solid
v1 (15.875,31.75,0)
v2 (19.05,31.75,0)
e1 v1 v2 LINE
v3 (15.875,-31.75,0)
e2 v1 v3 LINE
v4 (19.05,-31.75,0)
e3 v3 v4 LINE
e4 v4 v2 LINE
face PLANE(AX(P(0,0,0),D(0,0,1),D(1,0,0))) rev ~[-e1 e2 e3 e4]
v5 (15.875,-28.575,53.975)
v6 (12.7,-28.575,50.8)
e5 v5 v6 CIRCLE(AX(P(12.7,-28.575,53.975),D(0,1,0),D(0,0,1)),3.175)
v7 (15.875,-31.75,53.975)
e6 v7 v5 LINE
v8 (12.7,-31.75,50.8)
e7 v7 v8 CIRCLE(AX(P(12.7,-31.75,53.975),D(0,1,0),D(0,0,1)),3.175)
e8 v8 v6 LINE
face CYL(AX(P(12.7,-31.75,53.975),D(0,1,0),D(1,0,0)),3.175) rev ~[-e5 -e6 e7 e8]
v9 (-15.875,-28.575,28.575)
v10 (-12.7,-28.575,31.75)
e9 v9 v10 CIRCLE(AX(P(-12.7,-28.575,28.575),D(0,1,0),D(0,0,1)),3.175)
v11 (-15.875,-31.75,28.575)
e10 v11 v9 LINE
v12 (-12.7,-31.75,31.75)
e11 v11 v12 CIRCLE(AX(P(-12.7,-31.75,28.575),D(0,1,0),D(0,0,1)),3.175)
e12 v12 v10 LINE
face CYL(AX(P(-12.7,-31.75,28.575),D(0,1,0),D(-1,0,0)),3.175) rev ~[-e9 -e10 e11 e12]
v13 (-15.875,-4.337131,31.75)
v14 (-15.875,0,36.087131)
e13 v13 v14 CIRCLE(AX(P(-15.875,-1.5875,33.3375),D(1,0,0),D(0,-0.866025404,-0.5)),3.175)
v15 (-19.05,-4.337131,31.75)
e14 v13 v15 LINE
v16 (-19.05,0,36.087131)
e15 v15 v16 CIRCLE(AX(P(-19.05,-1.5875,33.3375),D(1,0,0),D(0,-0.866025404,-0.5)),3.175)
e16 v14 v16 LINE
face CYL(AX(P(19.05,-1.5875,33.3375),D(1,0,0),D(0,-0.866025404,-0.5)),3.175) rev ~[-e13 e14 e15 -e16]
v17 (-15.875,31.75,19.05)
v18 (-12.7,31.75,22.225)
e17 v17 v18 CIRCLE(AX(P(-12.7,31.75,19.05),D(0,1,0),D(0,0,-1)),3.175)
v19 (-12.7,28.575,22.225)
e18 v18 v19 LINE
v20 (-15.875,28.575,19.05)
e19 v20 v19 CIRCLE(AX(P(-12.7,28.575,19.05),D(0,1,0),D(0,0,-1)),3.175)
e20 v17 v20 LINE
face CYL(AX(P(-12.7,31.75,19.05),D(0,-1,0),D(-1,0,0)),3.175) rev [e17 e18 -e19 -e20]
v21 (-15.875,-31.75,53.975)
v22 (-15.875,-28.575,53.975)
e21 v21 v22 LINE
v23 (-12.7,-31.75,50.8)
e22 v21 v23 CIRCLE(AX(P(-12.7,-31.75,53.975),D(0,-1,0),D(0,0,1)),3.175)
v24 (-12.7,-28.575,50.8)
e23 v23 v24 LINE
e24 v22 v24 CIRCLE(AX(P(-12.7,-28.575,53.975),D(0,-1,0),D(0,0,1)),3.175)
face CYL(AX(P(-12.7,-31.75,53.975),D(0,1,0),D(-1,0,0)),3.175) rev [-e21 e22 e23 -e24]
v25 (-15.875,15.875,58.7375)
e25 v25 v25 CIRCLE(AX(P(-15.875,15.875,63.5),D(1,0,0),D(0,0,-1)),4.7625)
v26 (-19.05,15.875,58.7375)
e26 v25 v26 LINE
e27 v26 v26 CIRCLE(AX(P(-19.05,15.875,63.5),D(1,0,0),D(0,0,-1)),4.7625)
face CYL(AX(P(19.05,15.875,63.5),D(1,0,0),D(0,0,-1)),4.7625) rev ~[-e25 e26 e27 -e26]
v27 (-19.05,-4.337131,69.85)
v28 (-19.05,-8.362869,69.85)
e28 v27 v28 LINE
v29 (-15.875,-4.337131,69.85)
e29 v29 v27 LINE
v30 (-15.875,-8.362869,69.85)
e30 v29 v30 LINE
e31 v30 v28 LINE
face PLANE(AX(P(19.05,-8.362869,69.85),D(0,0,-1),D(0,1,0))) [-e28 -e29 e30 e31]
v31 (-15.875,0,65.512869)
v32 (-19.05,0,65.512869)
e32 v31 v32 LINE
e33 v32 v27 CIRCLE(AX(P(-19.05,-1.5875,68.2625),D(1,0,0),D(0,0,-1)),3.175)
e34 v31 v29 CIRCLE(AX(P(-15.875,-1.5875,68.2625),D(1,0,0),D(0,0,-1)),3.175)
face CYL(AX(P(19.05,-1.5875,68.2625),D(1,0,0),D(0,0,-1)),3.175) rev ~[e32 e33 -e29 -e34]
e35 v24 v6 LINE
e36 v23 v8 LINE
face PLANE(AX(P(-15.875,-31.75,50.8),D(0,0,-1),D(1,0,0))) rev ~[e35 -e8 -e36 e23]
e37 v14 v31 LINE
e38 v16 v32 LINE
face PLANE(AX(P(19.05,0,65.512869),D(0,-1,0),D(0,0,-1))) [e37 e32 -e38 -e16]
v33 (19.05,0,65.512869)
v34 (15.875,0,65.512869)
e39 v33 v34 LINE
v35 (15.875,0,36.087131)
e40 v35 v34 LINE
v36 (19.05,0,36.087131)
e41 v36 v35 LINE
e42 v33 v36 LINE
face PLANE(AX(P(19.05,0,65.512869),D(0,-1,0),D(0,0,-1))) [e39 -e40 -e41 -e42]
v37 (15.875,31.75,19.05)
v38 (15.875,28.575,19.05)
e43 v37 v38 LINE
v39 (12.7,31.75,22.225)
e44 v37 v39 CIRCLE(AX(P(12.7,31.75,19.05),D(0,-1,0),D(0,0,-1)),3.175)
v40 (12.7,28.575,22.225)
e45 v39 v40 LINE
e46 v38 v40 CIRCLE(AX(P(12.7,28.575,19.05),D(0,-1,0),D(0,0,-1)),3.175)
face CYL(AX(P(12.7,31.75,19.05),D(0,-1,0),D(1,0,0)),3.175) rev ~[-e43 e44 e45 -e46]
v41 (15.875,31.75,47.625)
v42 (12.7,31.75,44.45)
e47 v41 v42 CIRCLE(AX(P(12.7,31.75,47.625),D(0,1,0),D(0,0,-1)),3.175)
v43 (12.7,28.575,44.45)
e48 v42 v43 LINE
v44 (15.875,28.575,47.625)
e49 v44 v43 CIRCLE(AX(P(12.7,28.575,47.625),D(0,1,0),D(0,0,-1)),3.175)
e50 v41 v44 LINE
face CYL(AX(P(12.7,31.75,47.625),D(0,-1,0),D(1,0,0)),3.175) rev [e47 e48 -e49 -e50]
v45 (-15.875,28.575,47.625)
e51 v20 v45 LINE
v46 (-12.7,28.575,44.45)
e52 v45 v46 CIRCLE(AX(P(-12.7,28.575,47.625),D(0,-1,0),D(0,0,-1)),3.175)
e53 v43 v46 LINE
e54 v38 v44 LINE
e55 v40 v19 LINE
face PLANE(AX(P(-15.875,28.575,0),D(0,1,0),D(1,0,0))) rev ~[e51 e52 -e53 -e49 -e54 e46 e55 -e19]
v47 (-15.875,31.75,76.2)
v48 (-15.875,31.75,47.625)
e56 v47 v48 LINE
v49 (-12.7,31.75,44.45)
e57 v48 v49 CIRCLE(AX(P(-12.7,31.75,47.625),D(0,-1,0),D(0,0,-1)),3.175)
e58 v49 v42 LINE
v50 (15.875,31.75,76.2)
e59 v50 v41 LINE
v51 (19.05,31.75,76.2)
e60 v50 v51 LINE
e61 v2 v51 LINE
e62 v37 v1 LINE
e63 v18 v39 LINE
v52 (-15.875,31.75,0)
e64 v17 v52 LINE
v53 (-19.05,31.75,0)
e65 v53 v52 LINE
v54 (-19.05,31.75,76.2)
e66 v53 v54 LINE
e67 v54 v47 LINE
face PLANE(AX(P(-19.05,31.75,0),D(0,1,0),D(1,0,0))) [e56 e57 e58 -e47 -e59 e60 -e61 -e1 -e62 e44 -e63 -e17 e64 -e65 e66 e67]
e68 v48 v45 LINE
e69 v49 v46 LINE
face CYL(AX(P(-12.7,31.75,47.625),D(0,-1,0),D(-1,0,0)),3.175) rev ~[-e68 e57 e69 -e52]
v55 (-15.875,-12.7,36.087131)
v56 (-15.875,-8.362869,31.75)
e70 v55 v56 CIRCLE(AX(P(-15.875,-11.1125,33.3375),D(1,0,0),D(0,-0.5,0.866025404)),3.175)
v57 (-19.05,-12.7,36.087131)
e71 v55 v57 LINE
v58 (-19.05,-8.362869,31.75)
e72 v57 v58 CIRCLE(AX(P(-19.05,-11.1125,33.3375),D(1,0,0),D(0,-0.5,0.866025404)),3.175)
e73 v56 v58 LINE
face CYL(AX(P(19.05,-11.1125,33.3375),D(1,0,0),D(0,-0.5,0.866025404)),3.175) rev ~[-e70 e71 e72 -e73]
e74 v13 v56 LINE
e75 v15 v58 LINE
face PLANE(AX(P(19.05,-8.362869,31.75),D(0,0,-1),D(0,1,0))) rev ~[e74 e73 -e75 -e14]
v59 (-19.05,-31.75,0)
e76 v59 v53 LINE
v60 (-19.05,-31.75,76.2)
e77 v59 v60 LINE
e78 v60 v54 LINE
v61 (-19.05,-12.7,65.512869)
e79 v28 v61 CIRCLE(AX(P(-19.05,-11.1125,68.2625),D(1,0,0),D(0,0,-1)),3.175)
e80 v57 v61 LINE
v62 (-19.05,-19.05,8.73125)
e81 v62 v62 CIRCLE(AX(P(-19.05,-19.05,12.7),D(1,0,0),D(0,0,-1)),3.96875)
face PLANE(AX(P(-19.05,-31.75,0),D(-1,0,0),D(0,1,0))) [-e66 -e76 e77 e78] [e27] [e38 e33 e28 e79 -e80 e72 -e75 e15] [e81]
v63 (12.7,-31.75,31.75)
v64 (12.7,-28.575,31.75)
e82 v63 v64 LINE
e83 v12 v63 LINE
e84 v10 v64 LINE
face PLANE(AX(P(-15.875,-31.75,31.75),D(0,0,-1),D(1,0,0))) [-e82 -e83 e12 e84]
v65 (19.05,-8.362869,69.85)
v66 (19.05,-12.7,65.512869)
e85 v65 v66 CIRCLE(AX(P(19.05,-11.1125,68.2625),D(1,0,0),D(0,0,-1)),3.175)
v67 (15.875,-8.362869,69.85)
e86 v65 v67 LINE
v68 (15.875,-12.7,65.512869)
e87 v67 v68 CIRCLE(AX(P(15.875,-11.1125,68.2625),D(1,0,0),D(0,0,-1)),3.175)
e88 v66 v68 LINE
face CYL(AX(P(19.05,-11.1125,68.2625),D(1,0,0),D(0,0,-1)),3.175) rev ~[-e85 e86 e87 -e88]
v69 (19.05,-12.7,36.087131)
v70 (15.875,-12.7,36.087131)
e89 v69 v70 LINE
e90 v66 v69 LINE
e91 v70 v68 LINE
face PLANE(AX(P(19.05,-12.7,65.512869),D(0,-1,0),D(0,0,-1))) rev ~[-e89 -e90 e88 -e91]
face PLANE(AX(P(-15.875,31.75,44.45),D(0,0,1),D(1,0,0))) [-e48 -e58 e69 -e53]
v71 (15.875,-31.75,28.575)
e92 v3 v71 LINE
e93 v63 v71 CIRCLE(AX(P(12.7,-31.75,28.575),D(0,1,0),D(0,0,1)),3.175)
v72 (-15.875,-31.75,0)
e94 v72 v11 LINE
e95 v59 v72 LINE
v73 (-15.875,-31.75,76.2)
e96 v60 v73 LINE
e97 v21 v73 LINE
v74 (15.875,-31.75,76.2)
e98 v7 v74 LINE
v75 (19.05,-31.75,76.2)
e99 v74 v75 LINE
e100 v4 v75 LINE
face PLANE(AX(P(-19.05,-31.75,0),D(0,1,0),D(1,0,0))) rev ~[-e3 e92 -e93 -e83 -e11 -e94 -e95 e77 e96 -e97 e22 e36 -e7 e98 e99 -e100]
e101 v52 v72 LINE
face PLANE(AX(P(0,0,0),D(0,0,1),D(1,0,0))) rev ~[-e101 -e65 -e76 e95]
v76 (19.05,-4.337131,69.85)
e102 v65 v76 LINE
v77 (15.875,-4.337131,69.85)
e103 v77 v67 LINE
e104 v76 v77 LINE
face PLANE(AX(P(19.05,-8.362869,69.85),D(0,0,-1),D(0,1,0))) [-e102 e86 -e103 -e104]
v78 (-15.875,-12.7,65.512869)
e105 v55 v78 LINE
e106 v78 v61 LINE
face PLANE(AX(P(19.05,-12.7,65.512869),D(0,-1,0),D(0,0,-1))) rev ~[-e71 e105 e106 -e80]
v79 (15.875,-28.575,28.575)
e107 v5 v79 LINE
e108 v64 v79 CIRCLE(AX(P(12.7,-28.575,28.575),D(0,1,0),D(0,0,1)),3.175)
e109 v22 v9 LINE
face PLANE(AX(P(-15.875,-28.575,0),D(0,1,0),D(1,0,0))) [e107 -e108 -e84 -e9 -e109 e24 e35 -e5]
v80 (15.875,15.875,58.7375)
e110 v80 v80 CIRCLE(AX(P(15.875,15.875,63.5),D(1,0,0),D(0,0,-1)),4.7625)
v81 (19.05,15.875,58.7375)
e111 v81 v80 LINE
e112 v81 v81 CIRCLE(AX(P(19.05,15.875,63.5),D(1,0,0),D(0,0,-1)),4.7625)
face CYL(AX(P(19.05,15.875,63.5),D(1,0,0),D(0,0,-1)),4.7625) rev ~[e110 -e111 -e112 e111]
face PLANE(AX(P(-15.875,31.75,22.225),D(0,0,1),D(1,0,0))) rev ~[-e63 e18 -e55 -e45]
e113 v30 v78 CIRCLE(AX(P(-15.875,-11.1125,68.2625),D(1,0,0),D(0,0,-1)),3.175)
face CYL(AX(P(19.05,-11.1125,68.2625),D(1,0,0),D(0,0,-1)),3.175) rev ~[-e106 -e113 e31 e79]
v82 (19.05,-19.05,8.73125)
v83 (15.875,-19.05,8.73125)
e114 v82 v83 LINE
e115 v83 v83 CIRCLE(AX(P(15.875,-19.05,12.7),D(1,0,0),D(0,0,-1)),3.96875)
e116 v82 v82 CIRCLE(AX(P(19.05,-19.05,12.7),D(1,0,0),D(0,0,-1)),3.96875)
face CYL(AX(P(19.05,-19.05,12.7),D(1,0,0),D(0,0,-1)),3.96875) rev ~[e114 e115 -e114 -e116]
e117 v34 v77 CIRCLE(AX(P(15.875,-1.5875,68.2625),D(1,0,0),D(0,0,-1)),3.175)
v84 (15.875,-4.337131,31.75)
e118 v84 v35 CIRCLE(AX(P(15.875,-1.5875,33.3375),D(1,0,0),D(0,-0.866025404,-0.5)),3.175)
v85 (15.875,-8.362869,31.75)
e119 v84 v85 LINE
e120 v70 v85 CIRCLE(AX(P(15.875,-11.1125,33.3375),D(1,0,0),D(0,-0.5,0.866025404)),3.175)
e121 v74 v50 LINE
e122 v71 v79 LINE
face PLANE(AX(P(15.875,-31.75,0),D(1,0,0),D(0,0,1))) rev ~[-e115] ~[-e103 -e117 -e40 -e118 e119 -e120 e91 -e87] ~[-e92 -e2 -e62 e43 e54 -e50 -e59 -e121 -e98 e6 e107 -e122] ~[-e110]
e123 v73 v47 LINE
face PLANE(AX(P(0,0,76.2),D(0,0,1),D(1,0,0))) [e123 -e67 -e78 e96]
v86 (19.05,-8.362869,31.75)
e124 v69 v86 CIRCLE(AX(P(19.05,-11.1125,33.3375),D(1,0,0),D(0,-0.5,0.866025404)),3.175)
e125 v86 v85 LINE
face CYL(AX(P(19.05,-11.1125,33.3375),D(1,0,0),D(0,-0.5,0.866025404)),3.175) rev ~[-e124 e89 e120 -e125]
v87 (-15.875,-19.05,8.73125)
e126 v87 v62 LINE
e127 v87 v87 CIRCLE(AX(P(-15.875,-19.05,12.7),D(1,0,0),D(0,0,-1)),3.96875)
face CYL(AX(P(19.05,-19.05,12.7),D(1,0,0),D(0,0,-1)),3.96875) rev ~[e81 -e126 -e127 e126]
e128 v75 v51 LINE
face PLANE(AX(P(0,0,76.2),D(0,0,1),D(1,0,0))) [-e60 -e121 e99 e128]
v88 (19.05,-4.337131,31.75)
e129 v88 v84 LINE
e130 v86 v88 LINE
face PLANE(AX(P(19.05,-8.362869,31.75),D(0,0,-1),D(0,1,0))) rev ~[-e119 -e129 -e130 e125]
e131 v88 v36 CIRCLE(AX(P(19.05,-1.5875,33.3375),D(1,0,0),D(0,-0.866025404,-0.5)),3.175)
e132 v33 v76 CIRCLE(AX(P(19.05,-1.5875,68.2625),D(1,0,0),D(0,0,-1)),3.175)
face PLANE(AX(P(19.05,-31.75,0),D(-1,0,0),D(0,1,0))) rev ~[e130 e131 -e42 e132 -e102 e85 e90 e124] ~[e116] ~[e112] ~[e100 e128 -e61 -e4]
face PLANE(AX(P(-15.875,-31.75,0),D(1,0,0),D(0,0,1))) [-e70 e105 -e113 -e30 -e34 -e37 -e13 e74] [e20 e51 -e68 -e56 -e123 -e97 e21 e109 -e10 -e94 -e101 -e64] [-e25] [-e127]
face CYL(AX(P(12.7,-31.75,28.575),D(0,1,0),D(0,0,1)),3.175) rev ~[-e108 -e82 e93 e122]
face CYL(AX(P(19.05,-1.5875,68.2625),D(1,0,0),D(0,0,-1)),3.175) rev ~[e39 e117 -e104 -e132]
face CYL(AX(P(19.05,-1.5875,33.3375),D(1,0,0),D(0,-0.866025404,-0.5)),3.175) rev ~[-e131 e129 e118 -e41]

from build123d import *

# Parameters (mm, degrees)
SKETCH1_W           = 38.1
SKETCH1_H           = 63.5
SKETCH1_W_2         = 31.75
SKETCH1_H_2         = 57.15
BOSS_EXTRUDE1_DEPTH = 76.2
SKETCH2_R           = 3.175
SKETCH2_W           = 38.1
SKETCH2_H           = 12.7
SKETCH2_R_2         = 4.7625
SKETCH2_R_3         = 3.96875
CUT_EXTRUDE1_DEPTH  = 39.1
CUT_EXTRUDE2_REACH  = 65.5
SKETCH3_W           = 31.75
SKETCH3_H           = 31.75
SKETCH3_H_2         = 22.225
CUT_EXTRUDE3_REACH  = 65.5
SKETCH4_W           = 31.75
SKETCH4_H           = 31.75
SKETCH4_H_2         = 25.4
FILLET1_R           = 3.175


with BuildPart() as part:
    # Sketch1 → Boss-Extrude1 (new body)
    with BuildSketch(Plane.XY):
        Rectangle(SKETCH1_W, SKETCH1_H)
        Rectangle(SKETCH1_W_2, SKETCH1_H_2, mode=Mode.SUBTRACT)
    extrude(amount=BOSS_EXTRUDE1_DEPTH)

    # Sketch2 → Cut-Extrude1 (cut, through all)
    with BuildSketch(Plane(origin=(19.05, 0, 0), x_dir=(0, 0, -1), z_dir=(1, 0, 0))):
        with Locations((-33.3375, -1.5875)):
            Circle(SKETCH2_R)
        with Locations((-68.2625, -1.5875)):
            Circle(SKETCH2_R)
        with Locations((-68.2625, -11.1125)):
            Circle(SKETCH2_R)
        with Locations((-33.3375, -11.1125)):
            Circle(SKETCH2_R)
        with Locations((-50.8, -6.35)):
            Rectangle(SKETCH2_W, SKETCH2_H)
        with BuildLine():
            ThreePointArc((-65.512869343, 0), (-70.50756403, 0.65756403), (-69.85, -4.337130657))
            Line((-69.85, -4.337130657), (-69.85, 0))
            Line((-69.85, 0), (-65.512869343, 0))
        make_face()
        with BuildLine():
            Line((-69.85, 0), (-69.85, -4.337130657))
            ThreePointArc((-69.85, -4.337130657), (-66.675, -4.337130657), (-65.0875, -1.5875))
            ThreePointArc((-65.0875, -1.5875), (-65.195685502, -0.765749532), (-65.512869343, 0))
            Line((-65.512869343, 0), (-69.85, 0))
        make_face()
        with BuildLine():
            ThreePointArc((-36.087130657, 0), (-35.58256403, -3.83256403), (-31.75, -4.337130657))
            Line((-31.75, -4.337130657), (-31.75, 0))
            Line((-31.75, 0), (-36.087130657, 0))
        make_face()
        with BuildLine():
            Line((-31.75, 0), (-31.75, -4.337130657))
            ThreePointArc((-31.75, -4.337130657), (-30.587869343, -3.175), (-30.1625, -1.5875))
            ThreePointArc((-30.1625, -1.5875), (-32.515749532, 1.479314498), (-36.087130657, 0))
            Line((-36.087130657, 0), (-31.75, 0))
        make_face()
        with BuildLine():
            ThreePointArc((-31.75, -8.362869343), (-35.58256403, -8.86743597), (-36.087130657, -12.7))
            Line((-36.087130657, -12.7), (-31.75, -12.7))
            Line((-31.75, -12.7), (-31.75, -8.362869343))
        make_face()
        with BuildLine():
            Line((-31.75, -12.7), (-36.087130657, -12.7))
            ThreePointArc((-36.087130657, -12.7), (-32.515749532, -14.179314498), (-30.1625, -11.1125))
            ThreePointArc((-30.1625, -11.1125), (-30.587869343, -9.525), (-31.75, -8.362869343))
            Line((-31.75, -8.362869343), (-31.75, -12.7))
        make_face()
        with BuildLine():
            Line((-69.85, -8.362869343), (-69.85, -12.7))
            Line((-69.85, -12.7), (-65.512869343, -12.7))
            ThreePointArc((-65.512869343, -12.7), (-65.195685502, -11.934250468), (-65.0875, -11.1125))
            ThreePointArc((-65.0875, -11.1125), (-66.675, -8.362869343), (-69.85, -8.362869343))
        make_face()
        with BuildLine():
            Line((-65.512869343, -12.7), (-69.85, -12.7))
            Line((-69.85, -12.7), (-69.85, -8.362869343))
            ThreePointArc((-69.85, -8.362869343), (-70.50756403, -13.35756403), (-65.512869343, -12.7))
        make_face()
        with Locations((-63.5, 15.875)):
            Circle(SKETCH2_R_2)
        with Locations((-12.7, -19.05)):
            Circle(SKETCH2_R_3)
    extrude(amount=-CUT_EXTRUDE1_DEPTH, mode=Mode.SUBTRACT)

    # Sketch3 → Cut-Extrude2 (cut, up to next)
    with BuildSketch(Plane(origin=(0, 31.75, 0), x_dir=(1, 0, 0), z_dir=(0, 1, 0)), mode=Mode.PRIVATE) as cut_extrude2_sk1:
        with Locations((0, -60.325)):
            Rectangle(SKETCH3_W, SKETCH3_H)
    cut_extrude2_tool1 = extrude(cut_extrude2_sk1.sketch, amount=-CUT_EXTRUDE2_REACH, mode=Mode.PRIVATE) & part.part
    add(cut_extrude2_tool1.solids().sort_by_distance((0, 31.75, 60.325))[0], mode=Mode.SUBTRACT)
    # Sketch3 → Cut-Extrude2 (cut, up to next)
    with BuildSketch(Plane(origin=(0, 31.75, 0), x_dir=(1, 0, 0), z_dir=(0, 1, 0)), mode=Mode.PRIVATE) as cut_extrude2_sk2:
        with Locations((0, -11.1125)):
            Rectangle(SKETCH3_W, SKETCH3_H_2)
    cut_extrude2_tool2 = extrude(cut_extrude2_sk2.sketch, amount=-CUT_EXTRUDE2_REACH, mode=Mode.PRIVATE) & part.part
    add(cut_extrude2_tool2.solids().sort_by_distance((0, 31.75, 11.1125))[0], mode=Mode.SUBTRACT)

    # Sketch4 → Cut-Extrude3 (cut, up to next)
    with BuildSketch(Plane.XZ.offset(31.75), mode=Mode.PRIVATE) as cut_extrude3_sk1:
        with Locations((0, 15.875)):
            Rectangle(SKETCH4_W, SKETCH4_H)
    cut_extrude3_tool1 = extrude(cut_extrude3_sk1.sketch, amount=-CUT_EXTRUDE3_REACH, mode=Mode.PRIVATE) & part.part
    add(cut_extrude3_tool1.solids().sort_by_distance((0, -31.75, 15.875))[0], mode=Mode.SUBTRACT)
    # Sketch4 → Cut-Extrude3 (cut, up to next)
    with BuildSketch(Plane.XZ.offset(31.75), mode=Mode.PRIVATE) as cut_extrude3_sk2:
        with Locations((0, 63.5)):
            Rectangle(SKETCH4_W, SKETCH4_H_2)
    cut_extrude3_tool2 = extrude(cut_extrude3_sk2.sketch, amount=-CUT_EXTRUDE3_REACH, mode=Mode.PRIVATE) & part.part
    add(cut_extrude3_tool2.solids().sort_by_distance((0, -31.75, 63.5))[0], mode=Mode.SUBTRACT)

    # Fillet1
    fillet1_edges = [part.edges().sort_by_distance(p)[0] for p in [
        (15.875, 30.1625, 44.45),
        (-15.875, 30.1625, 44.45),
        (15.875, 30.1625, 22.225),
        (-15.875, 30.1625, 22.225),
        (-15.875, -30.1625, 31.75),
        (15.875, -30.1625, 31.75),
        (-15.875, -30.1625, 50.8),
        (15.875, -30.1625, 50.8),
    ]]
    fillet(fillet1_edges, radius=FILLET1_R)


solid = part.part
